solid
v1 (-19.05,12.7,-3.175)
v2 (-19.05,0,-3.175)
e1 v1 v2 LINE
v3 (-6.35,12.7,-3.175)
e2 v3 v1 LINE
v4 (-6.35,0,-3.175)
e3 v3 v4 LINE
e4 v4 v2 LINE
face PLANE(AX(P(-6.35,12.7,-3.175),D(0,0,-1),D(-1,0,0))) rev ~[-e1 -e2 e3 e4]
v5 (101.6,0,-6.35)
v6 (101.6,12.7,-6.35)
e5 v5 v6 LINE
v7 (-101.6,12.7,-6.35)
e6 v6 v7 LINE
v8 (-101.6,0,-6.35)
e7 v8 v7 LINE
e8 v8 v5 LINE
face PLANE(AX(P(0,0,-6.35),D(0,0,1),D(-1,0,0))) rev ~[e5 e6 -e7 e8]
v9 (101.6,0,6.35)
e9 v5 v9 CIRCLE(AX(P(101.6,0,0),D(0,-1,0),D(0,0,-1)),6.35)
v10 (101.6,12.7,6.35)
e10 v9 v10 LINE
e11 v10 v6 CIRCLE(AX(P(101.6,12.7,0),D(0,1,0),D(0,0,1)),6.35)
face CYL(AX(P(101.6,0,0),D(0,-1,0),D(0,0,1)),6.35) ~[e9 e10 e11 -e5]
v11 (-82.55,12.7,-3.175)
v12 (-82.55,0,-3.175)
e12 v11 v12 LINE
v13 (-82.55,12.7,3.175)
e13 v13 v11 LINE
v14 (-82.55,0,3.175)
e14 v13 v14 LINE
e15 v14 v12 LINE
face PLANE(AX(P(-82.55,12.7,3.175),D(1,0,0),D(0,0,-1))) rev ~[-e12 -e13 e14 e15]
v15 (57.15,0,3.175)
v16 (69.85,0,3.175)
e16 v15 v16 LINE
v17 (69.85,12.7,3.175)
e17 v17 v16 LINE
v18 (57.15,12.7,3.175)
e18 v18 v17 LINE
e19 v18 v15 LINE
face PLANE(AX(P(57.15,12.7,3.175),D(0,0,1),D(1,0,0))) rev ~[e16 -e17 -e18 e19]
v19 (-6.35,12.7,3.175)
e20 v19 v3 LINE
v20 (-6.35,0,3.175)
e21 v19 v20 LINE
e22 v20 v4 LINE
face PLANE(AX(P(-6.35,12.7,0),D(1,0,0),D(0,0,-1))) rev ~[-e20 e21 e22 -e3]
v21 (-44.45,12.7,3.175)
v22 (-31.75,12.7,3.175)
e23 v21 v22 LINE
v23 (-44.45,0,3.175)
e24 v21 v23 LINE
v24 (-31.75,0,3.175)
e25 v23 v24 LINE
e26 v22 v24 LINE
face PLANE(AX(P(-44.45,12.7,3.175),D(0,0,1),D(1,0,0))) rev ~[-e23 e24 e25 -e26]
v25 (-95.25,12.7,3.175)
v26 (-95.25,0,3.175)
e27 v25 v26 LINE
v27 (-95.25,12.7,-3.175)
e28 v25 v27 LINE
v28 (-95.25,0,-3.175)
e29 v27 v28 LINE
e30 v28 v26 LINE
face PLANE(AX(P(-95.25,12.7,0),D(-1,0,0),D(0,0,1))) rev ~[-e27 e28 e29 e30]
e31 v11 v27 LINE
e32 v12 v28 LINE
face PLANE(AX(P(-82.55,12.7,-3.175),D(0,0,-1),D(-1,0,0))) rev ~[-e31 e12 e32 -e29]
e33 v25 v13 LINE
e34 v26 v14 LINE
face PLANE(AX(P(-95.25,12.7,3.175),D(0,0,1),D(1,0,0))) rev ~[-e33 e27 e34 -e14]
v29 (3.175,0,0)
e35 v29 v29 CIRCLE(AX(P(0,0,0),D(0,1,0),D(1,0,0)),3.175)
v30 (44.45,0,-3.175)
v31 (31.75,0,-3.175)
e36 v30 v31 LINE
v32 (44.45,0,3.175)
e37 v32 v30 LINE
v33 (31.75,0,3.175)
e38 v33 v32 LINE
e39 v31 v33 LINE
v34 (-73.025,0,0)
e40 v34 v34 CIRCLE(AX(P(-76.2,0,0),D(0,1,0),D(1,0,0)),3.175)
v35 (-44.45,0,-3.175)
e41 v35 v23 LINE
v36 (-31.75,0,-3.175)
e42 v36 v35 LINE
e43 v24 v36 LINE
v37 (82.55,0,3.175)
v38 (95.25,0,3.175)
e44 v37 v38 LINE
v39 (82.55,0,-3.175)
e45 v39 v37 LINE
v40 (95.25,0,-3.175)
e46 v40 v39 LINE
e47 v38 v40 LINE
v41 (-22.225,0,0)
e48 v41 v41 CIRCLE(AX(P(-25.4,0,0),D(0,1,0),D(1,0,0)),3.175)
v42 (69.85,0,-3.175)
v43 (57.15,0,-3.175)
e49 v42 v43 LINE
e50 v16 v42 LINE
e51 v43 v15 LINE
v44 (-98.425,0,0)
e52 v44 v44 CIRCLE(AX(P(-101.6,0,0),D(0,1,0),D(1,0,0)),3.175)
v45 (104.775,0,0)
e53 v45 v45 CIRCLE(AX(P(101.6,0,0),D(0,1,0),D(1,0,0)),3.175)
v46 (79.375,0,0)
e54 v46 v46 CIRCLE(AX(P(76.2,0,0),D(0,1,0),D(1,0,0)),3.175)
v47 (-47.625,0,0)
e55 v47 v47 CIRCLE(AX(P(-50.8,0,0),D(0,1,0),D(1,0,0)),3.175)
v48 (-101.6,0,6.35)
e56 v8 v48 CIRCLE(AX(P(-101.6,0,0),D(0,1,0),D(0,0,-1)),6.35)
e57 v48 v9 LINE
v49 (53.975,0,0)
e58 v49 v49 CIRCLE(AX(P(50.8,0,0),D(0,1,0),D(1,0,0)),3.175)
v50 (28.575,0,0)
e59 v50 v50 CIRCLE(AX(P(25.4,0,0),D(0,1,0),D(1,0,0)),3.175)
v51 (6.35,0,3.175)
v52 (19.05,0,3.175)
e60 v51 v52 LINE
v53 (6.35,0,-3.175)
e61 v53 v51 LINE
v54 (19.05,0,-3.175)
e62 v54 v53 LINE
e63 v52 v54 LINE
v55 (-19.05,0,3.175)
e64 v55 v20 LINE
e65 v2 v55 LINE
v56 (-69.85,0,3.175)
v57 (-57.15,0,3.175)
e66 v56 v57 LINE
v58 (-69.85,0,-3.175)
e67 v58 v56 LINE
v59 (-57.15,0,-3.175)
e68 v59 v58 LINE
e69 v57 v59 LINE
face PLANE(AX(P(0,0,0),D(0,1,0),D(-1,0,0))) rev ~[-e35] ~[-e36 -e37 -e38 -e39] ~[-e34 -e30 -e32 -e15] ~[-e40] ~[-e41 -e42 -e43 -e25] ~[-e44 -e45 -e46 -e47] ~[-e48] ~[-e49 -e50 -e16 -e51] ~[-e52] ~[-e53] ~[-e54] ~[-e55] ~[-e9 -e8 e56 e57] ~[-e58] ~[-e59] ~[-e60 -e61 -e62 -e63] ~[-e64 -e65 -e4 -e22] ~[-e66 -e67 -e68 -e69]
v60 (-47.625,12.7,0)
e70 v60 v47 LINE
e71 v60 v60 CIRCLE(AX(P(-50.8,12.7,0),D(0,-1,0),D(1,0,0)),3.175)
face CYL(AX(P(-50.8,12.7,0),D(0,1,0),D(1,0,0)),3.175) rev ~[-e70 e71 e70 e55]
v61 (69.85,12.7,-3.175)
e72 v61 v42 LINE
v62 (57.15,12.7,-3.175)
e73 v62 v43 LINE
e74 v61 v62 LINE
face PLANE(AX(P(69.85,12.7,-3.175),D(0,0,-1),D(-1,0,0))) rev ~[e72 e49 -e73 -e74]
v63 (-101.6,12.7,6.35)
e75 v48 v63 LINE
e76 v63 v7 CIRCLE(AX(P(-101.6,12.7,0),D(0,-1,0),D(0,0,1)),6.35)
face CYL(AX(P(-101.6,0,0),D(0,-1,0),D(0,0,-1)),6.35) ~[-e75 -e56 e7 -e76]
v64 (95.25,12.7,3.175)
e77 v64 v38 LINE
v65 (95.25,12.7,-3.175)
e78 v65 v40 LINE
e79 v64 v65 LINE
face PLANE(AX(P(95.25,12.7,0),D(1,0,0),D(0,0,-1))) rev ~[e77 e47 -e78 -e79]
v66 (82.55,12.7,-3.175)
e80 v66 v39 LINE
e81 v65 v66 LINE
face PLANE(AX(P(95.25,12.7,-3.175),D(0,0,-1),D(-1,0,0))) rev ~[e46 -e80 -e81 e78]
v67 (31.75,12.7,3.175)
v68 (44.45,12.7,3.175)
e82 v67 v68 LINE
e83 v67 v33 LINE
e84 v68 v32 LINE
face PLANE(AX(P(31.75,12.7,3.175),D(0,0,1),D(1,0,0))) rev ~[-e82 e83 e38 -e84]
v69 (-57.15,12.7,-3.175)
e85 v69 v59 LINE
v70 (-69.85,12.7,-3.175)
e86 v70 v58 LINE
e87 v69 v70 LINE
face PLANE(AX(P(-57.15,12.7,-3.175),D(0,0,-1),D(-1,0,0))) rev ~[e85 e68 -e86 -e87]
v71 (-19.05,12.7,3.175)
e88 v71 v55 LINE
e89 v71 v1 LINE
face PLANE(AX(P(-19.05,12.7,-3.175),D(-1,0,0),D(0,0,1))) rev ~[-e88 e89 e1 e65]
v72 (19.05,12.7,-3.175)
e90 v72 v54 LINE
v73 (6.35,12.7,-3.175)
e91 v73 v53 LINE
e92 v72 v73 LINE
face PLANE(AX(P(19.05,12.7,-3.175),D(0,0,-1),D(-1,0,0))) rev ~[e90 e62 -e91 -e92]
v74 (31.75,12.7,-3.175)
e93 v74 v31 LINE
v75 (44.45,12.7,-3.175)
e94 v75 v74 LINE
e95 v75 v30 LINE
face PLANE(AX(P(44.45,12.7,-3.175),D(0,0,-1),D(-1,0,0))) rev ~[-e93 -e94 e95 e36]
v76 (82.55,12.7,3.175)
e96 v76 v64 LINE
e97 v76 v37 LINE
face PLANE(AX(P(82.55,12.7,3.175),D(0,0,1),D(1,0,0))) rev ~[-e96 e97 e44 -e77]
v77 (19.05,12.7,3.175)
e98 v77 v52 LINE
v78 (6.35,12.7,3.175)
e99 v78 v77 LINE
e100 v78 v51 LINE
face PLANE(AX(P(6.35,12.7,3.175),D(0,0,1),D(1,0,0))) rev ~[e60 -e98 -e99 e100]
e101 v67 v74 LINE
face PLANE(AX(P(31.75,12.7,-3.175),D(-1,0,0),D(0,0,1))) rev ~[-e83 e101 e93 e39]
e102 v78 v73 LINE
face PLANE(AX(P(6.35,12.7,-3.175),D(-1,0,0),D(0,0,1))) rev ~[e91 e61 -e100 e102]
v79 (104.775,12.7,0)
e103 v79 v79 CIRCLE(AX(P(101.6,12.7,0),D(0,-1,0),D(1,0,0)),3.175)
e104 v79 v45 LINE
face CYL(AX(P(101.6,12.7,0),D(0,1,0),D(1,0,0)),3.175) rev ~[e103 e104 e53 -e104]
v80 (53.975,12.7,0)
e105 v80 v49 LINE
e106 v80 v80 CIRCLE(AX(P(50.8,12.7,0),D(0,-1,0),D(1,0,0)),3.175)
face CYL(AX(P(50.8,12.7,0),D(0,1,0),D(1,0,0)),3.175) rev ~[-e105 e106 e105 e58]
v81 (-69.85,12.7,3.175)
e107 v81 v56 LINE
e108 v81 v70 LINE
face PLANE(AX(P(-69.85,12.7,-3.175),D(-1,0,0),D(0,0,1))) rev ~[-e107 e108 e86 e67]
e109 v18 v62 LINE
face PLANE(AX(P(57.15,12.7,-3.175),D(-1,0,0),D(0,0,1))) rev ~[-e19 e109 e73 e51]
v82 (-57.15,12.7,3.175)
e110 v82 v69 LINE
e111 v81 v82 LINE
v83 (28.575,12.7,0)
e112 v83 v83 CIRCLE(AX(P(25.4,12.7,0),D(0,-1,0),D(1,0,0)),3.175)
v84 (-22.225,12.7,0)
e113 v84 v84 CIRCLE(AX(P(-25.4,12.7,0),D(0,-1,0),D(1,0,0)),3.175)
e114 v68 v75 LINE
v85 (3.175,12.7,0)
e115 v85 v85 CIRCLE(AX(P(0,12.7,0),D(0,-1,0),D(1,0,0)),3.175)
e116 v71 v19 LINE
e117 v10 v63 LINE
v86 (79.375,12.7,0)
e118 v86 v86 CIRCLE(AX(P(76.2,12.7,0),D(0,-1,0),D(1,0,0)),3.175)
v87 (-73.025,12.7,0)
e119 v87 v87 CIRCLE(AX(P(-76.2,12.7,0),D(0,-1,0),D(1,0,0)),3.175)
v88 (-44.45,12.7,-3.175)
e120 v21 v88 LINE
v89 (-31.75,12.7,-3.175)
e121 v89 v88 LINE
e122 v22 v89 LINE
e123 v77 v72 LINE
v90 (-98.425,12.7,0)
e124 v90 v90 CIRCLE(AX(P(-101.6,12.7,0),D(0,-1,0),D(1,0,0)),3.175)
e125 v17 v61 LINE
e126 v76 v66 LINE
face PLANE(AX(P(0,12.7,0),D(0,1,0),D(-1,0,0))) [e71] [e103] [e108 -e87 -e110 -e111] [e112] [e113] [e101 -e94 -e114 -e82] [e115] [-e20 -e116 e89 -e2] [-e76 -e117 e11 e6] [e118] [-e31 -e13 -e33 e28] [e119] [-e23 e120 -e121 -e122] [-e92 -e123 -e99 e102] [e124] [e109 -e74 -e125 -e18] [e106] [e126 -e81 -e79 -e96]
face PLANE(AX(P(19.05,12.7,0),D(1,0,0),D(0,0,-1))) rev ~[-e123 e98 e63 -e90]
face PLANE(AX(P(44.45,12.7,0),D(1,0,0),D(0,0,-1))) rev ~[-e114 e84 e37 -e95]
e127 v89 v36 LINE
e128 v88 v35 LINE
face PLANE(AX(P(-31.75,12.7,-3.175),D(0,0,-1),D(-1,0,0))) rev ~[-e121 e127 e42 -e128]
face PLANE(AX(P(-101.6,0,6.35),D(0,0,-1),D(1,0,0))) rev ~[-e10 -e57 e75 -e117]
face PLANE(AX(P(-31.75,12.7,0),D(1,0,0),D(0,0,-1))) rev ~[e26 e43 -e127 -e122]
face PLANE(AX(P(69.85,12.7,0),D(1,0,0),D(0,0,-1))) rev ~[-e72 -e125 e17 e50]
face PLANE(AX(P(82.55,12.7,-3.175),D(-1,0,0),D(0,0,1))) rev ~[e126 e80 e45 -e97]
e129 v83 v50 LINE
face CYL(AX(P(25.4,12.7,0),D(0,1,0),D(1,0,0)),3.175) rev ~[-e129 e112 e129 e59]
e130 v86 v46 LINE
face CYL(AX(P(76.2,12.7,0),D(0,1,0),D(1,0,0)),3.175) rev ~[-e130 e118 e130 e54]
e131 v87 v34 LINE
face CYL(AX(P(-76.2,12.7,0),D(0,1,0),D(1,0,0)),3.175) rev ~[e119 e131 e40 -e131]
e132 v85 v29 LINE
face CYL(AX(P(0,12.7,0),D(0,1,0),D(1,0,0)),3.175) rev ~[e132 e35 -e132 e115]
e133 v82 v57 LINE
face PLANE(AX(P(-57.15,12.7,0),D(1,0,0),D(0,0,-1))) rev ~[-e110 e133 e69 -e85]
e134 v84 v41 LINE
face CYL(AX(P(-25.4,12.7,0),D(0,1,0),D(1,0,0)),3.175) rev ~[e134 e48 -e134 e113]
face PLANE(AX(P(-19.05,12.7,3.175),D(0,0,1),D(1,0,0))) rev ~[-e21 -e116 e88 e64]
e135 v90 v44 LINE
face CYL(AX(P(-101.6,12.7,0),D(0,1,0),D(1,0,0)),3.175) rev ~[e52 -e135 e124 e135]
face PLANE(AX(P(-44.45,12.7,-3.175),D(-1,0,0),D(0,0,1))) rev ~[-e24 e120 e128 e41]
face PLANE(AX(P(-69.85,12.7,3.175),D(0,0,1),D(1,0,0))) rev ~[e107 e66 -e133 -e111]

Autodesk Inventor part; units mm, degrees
ref_plane "YZ Plane" through (0, 0, 0) normal (1, 0, 0) x (0, 1, 0)
ref_plane "XZ Plane" through (0, 0, 0) normal (0, 1, 0) x (-1, 0, 0)
ref_plane "XY Plane" through (0, 0, 0) normal (0, 0, 1) x (1, 0, 0)
sketch "Sketch1" plane through (0, 0, 0) normal (0, 1, 0) x (-1, 0, 0)
  line L0 (101.6, 6.35) -> (-101.6, 6.35)
  line L1 (-101.6, -6.35) -> (101.6, -6.35)
  arc A0 (101.6, -6.35) -> (101.6, 6.35) centre (101.6, 0) ccw
  arc A1 (-101.6, 6.35) -> (-101.6, -6.35) centre (-101.6, 0) ccw
  line L2 (151.13, 0) -> (-151.13, 0) projected
  line L3 (0, -8.89) -> (0, 8.89) projected
  point P0 (0, 0)
  dimension "d2" = 203.2
  dimension "d3" = 6.35
  dimension "d4" = 6.35
  dimension "d5" = 101.6
  dimension "d6" = 0
  dimension "d7" = 12.7
  dimension "d9" = 6.35
  dimension "d37" = 203.2
extrude "Extrusion1" add sketch "Sketch1" along normal blind 12.7
sketch "Sketch4" plane through (0, 12.7, 0) normal (0, 1, 0) x (1, 0, 0)
  circle A0 centre (-101.6, 0) radius 3.175
  line L0 (-151.13, 0) -> (151.13, 0) projected
  line L1 (0, 8.89) -> (0, -8.89) projected
  circle A1 centre (-76.2, 0) radius 3.175
  circle A2 centre (-50.8, 0) radius 3.175
  circle A3 centre (-25.4, 0) radius 3.175
  circle A4 centre (0, 0) radius 3.175
  circle A5 centre (25.4, 0) radius 3.175
  circle A6 centre (50.8, 0) radius 3.175
  circle A7 centre (76.2, 0) radius 3.175
  circle A8 centre (101.6, 0) radius 3.175
  dimension "d45" = 6.35
  dimension "d46" = 101.6
  dimension "d47" = 0
  dimension "d50" = 25.4
extrude "Extrusion4" cut sketch "Sketch4" against normal through all
sketch "Sketch5" plane through (0, 12.7, 0) normal (0, 1, 0) x (1, 0, 0)
  line L0 (-95.25, -3.175) -> (-82.55, -3.175)
  line L1 (-82.55, -3.175) -> (-82.55, 3.175)
  line L2 (-82.55, 3.175) -> (-95.25, 3.175)
  line L3 (-95.25, 3.175) -> (-95.25, -3.175)
  line L4 (-151.13, 0) -> (151.13, 0) projected
  line L5 (0, 13.6448) -> (0, -37.419) projected
  line L6 (-57.15, 3.175) -> (-69.85, 3.175)
  line L7 (-69.85, 3.175) -> (-69.85, -3.175)
  line L8 (-69.85, -3.175) -> (-57.15, -3.175)
  line L9 (-57.15, -3.175) -> (-57.15, 3.175)
  line L10 (-31.75, 3.175) -> (-44.45, 3.175)
  line L11 (-44.45, 3.175) -> (-44.45, -3.175)
  line L12 (-44.45, -3.175) -> (-31.75, -3.175)
  line L13 (-31.75, -3.175) -> (-31.75, 3.175)
  line L14 (-6.35, 3.175) -> (-19.05, 3.175)
  line L15 (-19.05, 3.175) -> (-19.05, -3.175)
  line L16 (-19.05, -3.175) -> (-6.35, -3.175)
  line L17 (-6.35, -3.175) -> (-6.35, 3.175)
  line L18 (19.05, 3.175) -> (6.35, 3.175)
  line L19 (6.35, 3.175) -> (6.35, -3.175)
  line L20 (6.35, -3.175) -> (19.05, -3.175)
  line L21 (19.05, -3.175) -> (19.05, 3.175)
  line L22 (44.45, 3.175) -> (31.75, 3.175)
  line L23 (31.75, 3.175) -> (31.75, -3.175)
  line L24 (31.75, -3.175) -> (44.45, -3.175)
  line L25 (44.45, -3.175) -> (44.45, 3.175)
  line L26 (69.85, 3.175) -> (57.15, 3.175)
  line L27 (57.15, 3.175) -> (57.15, -3.175)
  line L28 (57.15, -3.175) -> (69.85, -3.175)
  line L29 (69.85, -3.175) -> (69.85, 3.175)
  line L30 (95.25, 3.175) -> (82.55, 3.175)
  line L31 (82.55, 3.175) -> (82.55, -3.175)
  line L32 (82.55, -3.175) -> (95.25, -3.175)
  line L33 (95.25, -3.175) -> (95.25, 3.175)
  point P0 (0, 0)
  dimension "d57" = 12.7
  dimension "d58" = 6.35
  dimension "d59" = 82.55
  dimension "d60" = 3.175
  dimension "d63" = 25.4
extrude "Extrusion5" cut sketch "Sketch5" against normal through all
properties part number "8M Module" material "Wood (Cherry)"
